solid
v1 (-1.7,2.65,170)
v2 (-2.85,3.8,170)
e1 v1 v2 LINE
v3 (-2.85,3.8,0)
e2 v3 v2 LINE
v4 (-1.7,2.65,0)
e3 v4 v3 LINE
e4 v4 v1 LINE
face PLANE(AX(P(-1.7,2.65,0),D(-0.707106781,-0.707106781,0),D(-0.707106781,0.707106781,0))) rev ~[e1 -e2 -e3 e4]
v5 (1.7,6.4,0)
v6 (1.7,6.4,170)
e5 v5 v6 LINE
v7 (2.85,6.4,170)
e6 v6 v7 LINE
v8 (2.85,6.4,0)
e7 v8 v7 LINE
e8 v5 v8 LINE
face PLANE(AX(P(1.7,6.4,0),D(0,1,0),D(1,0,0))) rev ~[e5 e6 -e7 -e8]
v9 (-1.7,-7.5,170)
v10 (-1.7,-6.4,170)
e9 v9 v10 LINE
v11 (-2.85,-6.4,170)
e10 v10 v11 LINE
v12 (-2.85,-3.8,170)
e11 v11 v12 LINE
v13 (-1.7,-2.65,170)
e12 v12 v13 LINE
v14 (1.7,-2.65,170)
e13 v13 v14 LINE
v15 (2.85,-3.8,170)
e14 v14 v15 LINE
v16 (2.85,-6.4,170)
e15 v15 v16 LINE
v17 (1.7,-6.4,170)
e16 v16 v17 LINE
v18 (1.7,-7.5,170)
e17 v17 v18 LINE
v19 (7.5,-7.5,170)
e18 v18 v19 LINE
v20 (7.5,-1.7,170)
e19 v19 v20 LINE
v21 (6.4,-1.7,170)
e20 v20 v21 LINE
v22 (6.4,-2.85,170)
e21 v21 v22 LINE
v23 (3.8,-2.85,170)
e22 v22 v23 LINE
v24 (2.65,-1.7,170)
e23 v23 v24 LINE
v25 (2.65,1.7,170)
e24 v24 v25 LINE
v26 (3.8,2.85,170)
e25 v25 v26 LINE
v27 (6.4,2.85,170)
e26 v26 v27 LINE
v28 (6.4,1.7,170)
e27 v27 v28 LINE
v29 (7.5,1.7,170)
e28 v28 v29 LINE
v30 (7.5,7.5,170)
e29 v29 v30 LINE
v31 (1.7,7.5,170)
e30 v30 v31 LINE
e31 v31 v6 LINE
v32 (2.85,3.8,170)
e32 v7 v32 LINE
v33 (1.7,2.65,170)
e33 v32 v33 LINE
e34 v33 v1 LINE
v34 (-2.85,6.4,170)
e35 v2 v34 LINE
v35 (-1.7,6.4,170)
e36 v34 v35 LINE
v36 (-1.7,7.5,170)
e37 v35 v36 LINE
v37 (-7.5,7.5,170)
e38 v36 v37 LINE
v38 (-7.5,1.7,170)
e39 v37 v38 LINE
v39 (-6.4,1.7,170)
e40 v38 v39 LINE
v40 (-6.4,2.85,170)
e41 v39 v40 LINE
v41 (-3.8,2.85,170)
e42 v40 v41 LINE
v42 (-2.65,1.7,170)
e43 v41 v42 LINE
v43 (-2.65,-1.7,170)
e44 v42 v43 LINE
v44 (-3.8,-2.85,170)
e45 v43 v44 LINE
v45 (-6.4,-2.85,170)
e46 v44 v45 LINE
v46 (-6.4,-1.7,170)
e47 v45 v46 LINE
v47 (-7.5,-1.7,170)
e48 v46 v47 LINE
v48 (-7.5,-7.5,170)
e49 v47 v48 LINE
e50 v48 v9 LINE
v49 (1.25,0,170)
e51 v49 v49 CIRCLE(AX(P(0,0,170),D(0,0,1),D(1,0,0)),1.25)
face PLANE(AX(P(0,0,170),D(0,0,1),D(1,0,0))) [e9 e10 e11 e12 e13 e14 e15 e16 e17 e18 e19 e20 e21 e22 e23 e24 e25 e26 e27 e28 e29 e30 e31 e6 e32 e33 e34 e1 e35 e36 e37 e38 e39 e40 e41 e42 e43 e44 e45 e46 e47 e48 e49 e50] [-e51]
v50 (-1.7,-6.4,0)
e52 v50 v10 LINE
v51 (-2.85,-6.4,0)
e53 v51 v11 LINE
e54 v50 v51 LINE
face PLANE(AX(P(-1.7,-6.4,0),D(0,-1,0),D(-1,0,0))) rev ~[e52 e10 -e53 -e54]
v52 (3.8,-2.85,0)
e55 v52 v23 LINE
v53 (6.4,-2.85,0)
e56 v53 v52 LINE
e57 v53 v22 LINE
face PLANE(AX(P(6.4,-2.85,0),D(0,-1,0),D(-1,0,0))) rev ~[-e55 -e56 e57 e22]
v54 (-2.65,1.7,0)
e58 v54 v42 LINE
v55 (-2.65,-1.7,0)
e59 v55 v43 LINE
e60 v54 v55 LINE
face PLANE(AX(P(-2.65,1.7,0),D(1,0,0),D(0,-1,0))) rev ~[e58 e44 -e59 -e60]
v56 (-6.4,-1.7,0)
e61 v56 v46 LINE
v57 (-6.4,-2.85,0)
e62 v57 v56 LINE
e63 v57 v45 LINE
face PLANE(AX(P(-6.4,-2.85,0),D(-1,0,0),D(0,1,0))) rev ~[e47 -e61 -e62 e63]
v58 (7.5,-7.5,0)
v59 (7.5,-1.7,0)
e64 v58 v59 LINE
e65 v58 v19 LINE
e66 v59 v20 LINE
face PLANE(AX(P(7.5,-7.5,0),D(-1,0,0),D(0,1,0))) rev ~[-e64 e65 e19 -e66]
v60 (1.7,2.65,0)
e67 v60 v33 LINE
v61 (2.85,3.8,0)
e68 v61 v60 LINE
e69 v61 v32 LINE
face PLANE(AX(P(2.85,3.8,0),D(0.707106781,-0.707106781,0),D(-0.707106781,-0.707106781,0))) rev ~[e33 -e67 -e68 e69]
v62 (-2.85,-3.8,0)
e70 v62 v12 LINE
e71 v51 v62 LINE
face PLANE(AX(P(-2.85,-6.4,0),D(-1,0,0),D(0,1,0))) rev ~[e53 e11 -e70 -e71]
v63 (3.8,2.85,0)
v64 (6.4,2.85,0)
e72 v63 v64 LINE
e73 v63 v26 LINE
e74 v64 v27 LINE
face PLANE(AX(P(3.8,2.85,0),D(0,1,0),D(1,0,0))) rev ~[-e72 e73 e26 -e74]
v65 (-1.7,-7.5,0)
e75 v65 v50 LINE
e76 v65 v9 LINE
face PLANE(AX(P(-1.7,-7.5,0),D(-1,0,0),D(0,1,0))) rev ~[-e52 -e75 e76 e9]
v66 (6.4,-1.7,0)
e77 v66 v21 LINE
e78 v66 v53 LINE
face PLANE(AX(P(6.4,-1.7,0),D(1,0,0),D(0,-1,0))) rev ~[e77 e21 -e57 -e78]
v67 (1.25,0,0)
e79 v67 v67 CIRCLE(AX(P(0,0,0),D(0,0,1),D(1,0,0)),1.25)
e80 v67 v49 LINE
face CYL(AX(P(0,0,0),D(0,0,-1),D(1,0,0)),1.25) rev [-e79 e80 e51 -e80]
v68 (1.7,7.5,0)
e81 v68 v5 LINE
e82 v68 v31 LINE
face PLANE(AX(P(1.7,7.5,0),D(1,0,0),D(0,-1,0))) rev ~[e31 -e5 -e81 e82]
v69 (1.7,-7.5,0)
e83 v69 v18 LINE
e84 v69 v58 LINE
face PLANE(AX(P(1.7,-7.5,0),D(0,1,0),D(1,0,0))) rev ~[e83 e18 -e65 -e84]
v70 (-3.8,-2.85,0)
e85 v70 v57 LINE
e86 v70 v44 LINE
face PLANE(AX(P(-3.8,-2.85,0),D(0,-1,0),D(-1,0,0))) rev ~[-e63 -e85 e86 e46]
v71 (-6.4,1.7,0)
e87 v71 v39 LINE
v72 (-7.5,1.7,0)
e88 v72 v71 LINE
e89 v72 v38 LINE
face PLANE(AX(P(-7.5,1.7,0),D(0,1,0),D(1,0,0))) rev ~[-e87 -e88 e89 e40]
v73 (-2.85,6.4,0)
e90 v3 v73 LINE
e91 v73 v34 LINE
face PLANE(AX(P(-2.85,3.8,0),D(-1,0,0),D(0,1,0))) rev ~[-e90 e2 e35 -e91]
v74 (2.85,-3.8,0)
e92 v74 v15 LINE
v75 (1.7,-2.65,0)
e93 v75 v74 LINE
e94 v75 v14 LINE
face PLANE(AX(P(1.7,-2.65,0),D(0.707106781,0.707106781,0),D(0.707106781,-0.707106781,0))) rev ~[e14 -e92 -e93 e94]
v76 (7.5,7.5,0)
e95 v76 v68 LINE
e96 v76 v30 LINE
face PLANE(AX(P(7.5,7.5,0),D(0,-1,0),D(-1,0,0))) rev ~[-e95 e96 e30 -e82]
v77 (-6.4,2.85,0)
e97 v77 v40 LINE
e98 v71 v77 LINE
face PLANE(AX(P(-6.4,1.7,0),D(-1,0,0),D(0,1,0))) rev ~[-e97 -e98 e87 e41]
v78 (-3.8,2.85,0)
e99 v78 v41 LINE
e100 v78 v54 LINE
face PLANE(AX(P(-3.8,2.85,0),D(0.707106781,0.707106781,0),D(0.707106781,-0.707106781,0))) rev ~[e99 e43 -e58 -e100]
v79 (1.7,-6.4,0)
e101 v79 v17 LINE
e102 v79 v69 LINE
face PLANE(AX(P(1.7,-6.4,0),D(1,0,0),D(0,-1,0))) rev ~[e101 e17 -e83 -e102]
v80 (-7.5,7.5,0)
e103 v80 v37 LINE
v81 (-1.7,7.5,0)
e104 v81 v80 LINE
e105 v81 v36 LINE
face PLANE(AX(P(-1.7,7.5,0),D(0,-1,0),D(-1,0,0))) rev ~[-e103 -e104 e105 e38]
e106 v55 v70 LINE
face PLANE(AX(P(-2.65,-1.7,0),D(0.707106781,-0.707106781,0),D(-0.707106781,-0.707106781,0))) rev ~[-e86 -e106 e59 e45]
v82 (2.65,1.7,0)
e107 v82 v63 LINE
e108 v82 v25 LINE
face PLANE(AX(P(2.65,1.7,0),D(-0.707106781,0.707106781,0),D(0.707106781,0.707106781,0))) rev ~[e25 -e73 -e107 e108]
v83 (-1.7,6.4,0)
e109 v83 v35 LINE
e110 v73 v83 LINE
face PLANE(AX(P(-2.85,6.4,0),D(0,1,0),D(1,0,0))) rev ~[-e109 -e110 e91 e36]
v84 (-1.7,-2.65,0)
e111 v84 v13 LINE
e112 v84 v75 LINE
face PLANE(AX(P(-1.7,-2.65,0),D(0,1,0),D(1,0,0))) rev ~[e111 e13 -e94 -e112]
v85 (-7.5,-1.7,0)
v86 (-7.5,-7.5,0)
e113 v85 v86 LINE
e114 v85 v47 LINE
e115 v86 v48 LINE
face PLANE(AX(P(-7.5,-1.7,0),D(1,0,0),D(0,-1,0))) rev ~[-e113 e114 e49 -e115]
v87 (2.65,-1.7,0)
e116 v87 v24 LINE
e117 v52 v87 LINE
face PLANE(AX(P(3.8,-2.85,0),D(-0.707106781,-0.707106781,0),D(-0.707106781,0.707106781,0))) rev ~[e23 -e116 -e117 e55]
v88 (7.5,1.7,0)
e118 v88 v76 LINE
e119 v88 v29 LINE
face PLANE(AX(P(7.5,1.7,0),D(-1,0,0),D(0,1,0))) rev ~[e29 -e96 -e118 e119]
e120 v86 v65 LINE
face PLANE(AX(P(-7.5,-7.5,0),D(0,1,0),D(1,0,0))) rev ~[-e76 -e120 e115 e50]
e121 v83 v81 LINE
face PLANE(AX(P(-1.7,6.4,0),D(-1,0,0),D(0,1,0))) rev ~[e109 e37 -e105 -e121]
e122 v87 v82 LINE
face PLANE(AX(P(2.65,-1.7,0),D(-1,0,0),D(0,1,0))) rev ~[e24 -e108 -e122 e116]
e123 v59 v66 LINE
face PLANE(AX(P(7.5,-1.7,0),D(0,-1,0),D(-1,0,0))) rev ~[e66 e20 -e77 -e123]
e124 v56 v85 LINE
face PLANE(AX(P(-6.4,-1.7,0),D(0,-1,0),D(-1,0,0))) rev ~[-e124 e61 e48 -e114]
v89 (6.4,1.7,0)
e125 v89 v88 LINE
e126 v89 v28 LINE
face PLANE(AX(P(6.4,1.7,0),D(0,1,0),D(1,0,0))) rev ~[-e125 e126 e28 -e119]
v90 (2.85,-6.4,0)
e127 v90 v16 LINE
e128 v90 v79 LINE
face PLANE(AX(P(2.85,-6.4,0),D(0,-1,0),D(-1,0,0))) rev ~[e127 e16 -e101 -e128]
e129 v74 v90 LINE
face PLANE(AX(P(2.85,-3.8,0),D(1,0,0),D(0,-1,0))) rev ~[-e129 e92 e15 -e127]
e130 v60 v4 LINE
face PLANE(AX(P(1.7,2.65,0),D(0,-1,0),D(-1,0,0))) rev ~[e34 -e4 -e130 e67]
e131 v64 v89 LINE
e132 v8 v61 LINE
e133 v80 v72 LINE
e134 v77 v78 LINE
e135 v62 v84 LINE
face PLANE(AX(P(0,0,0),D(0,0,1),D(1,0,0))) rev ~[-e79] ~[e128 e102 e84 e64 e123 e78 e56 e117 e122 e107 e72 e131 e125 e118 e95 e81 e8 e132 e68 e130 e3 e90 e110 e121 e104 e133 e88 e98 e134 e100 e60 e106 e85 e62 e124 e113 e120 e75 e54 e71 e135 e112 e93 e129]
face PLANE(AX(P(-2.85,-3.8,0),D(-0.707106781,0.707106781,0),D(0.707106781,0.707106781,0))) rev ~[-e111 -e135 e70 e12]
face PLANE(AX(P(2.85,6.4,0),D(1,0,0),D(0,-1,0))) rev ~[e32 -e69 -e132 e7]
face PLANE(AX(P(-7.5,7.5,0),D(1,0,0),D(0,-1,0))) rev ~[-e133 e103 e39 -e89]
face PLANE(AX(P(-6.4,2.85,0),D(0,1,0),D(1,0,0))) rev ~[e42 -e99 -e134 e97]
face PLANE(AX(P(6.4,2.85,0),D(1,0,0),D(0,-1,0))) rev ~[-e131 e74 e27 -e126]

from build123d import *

# Parameters (mm, degrees)
SKETCH_2_R      = 1.25
EXTRUDE_1_DEPTH = 170


with BuildPart() as part:
    # ｽｹｯﾁ2 → ﾎﾞｽ - 押し出し1 (new body)
    with BuildSketch(Plane.XY):
        Polygon((1.7, 2.65), (-1.7, 2.65), (-2.85, 3.8), (-2.85, 6.4), (-1.7, 6.4), (-1.7, 7.5), (-7.5, 7.5), (-7.5, 1.7), (-6.4, 1.7), (-6.4, 2.85), (-3.8, 2.85), (-2.65, 1.7), (-2.65, -1.7), (-3.8, -2.85), (-6.4, -2.85), (-6.4, -1.7), (-7.5, -1.7), (-7.5, -7.5), (-1.7, -7.5), (-1.7, -6.4), (-2.85, -6.4), (-2.85, -3.8), (-1.7, -2.65), (1.7, -2.65), (2.85, -3.8), (2.85, -6.4), (1.7, -6.4), (1.7, -7.5), (7.5, -7.5), (7.5, -1.7), (6.4, -1.7), (6.4, -2.85), (3.8, -2.85), (2.65, -1.7), (2.65, 1.7), (3.8, 2.85), (6.4, 2.85), (6.4, 1.7), (7.5, 1.7), (7.5, 7.5), (1.7, 7.5), (1.7, 6.4), (2.85, 6.4), (2.85, 3.8), align=None)
        Circle(SKETCH_2_R, mode=Mode.SUBTRACT)
    extrude(amount=EXTRUDE_1_DEPTH)


solid = part.part
